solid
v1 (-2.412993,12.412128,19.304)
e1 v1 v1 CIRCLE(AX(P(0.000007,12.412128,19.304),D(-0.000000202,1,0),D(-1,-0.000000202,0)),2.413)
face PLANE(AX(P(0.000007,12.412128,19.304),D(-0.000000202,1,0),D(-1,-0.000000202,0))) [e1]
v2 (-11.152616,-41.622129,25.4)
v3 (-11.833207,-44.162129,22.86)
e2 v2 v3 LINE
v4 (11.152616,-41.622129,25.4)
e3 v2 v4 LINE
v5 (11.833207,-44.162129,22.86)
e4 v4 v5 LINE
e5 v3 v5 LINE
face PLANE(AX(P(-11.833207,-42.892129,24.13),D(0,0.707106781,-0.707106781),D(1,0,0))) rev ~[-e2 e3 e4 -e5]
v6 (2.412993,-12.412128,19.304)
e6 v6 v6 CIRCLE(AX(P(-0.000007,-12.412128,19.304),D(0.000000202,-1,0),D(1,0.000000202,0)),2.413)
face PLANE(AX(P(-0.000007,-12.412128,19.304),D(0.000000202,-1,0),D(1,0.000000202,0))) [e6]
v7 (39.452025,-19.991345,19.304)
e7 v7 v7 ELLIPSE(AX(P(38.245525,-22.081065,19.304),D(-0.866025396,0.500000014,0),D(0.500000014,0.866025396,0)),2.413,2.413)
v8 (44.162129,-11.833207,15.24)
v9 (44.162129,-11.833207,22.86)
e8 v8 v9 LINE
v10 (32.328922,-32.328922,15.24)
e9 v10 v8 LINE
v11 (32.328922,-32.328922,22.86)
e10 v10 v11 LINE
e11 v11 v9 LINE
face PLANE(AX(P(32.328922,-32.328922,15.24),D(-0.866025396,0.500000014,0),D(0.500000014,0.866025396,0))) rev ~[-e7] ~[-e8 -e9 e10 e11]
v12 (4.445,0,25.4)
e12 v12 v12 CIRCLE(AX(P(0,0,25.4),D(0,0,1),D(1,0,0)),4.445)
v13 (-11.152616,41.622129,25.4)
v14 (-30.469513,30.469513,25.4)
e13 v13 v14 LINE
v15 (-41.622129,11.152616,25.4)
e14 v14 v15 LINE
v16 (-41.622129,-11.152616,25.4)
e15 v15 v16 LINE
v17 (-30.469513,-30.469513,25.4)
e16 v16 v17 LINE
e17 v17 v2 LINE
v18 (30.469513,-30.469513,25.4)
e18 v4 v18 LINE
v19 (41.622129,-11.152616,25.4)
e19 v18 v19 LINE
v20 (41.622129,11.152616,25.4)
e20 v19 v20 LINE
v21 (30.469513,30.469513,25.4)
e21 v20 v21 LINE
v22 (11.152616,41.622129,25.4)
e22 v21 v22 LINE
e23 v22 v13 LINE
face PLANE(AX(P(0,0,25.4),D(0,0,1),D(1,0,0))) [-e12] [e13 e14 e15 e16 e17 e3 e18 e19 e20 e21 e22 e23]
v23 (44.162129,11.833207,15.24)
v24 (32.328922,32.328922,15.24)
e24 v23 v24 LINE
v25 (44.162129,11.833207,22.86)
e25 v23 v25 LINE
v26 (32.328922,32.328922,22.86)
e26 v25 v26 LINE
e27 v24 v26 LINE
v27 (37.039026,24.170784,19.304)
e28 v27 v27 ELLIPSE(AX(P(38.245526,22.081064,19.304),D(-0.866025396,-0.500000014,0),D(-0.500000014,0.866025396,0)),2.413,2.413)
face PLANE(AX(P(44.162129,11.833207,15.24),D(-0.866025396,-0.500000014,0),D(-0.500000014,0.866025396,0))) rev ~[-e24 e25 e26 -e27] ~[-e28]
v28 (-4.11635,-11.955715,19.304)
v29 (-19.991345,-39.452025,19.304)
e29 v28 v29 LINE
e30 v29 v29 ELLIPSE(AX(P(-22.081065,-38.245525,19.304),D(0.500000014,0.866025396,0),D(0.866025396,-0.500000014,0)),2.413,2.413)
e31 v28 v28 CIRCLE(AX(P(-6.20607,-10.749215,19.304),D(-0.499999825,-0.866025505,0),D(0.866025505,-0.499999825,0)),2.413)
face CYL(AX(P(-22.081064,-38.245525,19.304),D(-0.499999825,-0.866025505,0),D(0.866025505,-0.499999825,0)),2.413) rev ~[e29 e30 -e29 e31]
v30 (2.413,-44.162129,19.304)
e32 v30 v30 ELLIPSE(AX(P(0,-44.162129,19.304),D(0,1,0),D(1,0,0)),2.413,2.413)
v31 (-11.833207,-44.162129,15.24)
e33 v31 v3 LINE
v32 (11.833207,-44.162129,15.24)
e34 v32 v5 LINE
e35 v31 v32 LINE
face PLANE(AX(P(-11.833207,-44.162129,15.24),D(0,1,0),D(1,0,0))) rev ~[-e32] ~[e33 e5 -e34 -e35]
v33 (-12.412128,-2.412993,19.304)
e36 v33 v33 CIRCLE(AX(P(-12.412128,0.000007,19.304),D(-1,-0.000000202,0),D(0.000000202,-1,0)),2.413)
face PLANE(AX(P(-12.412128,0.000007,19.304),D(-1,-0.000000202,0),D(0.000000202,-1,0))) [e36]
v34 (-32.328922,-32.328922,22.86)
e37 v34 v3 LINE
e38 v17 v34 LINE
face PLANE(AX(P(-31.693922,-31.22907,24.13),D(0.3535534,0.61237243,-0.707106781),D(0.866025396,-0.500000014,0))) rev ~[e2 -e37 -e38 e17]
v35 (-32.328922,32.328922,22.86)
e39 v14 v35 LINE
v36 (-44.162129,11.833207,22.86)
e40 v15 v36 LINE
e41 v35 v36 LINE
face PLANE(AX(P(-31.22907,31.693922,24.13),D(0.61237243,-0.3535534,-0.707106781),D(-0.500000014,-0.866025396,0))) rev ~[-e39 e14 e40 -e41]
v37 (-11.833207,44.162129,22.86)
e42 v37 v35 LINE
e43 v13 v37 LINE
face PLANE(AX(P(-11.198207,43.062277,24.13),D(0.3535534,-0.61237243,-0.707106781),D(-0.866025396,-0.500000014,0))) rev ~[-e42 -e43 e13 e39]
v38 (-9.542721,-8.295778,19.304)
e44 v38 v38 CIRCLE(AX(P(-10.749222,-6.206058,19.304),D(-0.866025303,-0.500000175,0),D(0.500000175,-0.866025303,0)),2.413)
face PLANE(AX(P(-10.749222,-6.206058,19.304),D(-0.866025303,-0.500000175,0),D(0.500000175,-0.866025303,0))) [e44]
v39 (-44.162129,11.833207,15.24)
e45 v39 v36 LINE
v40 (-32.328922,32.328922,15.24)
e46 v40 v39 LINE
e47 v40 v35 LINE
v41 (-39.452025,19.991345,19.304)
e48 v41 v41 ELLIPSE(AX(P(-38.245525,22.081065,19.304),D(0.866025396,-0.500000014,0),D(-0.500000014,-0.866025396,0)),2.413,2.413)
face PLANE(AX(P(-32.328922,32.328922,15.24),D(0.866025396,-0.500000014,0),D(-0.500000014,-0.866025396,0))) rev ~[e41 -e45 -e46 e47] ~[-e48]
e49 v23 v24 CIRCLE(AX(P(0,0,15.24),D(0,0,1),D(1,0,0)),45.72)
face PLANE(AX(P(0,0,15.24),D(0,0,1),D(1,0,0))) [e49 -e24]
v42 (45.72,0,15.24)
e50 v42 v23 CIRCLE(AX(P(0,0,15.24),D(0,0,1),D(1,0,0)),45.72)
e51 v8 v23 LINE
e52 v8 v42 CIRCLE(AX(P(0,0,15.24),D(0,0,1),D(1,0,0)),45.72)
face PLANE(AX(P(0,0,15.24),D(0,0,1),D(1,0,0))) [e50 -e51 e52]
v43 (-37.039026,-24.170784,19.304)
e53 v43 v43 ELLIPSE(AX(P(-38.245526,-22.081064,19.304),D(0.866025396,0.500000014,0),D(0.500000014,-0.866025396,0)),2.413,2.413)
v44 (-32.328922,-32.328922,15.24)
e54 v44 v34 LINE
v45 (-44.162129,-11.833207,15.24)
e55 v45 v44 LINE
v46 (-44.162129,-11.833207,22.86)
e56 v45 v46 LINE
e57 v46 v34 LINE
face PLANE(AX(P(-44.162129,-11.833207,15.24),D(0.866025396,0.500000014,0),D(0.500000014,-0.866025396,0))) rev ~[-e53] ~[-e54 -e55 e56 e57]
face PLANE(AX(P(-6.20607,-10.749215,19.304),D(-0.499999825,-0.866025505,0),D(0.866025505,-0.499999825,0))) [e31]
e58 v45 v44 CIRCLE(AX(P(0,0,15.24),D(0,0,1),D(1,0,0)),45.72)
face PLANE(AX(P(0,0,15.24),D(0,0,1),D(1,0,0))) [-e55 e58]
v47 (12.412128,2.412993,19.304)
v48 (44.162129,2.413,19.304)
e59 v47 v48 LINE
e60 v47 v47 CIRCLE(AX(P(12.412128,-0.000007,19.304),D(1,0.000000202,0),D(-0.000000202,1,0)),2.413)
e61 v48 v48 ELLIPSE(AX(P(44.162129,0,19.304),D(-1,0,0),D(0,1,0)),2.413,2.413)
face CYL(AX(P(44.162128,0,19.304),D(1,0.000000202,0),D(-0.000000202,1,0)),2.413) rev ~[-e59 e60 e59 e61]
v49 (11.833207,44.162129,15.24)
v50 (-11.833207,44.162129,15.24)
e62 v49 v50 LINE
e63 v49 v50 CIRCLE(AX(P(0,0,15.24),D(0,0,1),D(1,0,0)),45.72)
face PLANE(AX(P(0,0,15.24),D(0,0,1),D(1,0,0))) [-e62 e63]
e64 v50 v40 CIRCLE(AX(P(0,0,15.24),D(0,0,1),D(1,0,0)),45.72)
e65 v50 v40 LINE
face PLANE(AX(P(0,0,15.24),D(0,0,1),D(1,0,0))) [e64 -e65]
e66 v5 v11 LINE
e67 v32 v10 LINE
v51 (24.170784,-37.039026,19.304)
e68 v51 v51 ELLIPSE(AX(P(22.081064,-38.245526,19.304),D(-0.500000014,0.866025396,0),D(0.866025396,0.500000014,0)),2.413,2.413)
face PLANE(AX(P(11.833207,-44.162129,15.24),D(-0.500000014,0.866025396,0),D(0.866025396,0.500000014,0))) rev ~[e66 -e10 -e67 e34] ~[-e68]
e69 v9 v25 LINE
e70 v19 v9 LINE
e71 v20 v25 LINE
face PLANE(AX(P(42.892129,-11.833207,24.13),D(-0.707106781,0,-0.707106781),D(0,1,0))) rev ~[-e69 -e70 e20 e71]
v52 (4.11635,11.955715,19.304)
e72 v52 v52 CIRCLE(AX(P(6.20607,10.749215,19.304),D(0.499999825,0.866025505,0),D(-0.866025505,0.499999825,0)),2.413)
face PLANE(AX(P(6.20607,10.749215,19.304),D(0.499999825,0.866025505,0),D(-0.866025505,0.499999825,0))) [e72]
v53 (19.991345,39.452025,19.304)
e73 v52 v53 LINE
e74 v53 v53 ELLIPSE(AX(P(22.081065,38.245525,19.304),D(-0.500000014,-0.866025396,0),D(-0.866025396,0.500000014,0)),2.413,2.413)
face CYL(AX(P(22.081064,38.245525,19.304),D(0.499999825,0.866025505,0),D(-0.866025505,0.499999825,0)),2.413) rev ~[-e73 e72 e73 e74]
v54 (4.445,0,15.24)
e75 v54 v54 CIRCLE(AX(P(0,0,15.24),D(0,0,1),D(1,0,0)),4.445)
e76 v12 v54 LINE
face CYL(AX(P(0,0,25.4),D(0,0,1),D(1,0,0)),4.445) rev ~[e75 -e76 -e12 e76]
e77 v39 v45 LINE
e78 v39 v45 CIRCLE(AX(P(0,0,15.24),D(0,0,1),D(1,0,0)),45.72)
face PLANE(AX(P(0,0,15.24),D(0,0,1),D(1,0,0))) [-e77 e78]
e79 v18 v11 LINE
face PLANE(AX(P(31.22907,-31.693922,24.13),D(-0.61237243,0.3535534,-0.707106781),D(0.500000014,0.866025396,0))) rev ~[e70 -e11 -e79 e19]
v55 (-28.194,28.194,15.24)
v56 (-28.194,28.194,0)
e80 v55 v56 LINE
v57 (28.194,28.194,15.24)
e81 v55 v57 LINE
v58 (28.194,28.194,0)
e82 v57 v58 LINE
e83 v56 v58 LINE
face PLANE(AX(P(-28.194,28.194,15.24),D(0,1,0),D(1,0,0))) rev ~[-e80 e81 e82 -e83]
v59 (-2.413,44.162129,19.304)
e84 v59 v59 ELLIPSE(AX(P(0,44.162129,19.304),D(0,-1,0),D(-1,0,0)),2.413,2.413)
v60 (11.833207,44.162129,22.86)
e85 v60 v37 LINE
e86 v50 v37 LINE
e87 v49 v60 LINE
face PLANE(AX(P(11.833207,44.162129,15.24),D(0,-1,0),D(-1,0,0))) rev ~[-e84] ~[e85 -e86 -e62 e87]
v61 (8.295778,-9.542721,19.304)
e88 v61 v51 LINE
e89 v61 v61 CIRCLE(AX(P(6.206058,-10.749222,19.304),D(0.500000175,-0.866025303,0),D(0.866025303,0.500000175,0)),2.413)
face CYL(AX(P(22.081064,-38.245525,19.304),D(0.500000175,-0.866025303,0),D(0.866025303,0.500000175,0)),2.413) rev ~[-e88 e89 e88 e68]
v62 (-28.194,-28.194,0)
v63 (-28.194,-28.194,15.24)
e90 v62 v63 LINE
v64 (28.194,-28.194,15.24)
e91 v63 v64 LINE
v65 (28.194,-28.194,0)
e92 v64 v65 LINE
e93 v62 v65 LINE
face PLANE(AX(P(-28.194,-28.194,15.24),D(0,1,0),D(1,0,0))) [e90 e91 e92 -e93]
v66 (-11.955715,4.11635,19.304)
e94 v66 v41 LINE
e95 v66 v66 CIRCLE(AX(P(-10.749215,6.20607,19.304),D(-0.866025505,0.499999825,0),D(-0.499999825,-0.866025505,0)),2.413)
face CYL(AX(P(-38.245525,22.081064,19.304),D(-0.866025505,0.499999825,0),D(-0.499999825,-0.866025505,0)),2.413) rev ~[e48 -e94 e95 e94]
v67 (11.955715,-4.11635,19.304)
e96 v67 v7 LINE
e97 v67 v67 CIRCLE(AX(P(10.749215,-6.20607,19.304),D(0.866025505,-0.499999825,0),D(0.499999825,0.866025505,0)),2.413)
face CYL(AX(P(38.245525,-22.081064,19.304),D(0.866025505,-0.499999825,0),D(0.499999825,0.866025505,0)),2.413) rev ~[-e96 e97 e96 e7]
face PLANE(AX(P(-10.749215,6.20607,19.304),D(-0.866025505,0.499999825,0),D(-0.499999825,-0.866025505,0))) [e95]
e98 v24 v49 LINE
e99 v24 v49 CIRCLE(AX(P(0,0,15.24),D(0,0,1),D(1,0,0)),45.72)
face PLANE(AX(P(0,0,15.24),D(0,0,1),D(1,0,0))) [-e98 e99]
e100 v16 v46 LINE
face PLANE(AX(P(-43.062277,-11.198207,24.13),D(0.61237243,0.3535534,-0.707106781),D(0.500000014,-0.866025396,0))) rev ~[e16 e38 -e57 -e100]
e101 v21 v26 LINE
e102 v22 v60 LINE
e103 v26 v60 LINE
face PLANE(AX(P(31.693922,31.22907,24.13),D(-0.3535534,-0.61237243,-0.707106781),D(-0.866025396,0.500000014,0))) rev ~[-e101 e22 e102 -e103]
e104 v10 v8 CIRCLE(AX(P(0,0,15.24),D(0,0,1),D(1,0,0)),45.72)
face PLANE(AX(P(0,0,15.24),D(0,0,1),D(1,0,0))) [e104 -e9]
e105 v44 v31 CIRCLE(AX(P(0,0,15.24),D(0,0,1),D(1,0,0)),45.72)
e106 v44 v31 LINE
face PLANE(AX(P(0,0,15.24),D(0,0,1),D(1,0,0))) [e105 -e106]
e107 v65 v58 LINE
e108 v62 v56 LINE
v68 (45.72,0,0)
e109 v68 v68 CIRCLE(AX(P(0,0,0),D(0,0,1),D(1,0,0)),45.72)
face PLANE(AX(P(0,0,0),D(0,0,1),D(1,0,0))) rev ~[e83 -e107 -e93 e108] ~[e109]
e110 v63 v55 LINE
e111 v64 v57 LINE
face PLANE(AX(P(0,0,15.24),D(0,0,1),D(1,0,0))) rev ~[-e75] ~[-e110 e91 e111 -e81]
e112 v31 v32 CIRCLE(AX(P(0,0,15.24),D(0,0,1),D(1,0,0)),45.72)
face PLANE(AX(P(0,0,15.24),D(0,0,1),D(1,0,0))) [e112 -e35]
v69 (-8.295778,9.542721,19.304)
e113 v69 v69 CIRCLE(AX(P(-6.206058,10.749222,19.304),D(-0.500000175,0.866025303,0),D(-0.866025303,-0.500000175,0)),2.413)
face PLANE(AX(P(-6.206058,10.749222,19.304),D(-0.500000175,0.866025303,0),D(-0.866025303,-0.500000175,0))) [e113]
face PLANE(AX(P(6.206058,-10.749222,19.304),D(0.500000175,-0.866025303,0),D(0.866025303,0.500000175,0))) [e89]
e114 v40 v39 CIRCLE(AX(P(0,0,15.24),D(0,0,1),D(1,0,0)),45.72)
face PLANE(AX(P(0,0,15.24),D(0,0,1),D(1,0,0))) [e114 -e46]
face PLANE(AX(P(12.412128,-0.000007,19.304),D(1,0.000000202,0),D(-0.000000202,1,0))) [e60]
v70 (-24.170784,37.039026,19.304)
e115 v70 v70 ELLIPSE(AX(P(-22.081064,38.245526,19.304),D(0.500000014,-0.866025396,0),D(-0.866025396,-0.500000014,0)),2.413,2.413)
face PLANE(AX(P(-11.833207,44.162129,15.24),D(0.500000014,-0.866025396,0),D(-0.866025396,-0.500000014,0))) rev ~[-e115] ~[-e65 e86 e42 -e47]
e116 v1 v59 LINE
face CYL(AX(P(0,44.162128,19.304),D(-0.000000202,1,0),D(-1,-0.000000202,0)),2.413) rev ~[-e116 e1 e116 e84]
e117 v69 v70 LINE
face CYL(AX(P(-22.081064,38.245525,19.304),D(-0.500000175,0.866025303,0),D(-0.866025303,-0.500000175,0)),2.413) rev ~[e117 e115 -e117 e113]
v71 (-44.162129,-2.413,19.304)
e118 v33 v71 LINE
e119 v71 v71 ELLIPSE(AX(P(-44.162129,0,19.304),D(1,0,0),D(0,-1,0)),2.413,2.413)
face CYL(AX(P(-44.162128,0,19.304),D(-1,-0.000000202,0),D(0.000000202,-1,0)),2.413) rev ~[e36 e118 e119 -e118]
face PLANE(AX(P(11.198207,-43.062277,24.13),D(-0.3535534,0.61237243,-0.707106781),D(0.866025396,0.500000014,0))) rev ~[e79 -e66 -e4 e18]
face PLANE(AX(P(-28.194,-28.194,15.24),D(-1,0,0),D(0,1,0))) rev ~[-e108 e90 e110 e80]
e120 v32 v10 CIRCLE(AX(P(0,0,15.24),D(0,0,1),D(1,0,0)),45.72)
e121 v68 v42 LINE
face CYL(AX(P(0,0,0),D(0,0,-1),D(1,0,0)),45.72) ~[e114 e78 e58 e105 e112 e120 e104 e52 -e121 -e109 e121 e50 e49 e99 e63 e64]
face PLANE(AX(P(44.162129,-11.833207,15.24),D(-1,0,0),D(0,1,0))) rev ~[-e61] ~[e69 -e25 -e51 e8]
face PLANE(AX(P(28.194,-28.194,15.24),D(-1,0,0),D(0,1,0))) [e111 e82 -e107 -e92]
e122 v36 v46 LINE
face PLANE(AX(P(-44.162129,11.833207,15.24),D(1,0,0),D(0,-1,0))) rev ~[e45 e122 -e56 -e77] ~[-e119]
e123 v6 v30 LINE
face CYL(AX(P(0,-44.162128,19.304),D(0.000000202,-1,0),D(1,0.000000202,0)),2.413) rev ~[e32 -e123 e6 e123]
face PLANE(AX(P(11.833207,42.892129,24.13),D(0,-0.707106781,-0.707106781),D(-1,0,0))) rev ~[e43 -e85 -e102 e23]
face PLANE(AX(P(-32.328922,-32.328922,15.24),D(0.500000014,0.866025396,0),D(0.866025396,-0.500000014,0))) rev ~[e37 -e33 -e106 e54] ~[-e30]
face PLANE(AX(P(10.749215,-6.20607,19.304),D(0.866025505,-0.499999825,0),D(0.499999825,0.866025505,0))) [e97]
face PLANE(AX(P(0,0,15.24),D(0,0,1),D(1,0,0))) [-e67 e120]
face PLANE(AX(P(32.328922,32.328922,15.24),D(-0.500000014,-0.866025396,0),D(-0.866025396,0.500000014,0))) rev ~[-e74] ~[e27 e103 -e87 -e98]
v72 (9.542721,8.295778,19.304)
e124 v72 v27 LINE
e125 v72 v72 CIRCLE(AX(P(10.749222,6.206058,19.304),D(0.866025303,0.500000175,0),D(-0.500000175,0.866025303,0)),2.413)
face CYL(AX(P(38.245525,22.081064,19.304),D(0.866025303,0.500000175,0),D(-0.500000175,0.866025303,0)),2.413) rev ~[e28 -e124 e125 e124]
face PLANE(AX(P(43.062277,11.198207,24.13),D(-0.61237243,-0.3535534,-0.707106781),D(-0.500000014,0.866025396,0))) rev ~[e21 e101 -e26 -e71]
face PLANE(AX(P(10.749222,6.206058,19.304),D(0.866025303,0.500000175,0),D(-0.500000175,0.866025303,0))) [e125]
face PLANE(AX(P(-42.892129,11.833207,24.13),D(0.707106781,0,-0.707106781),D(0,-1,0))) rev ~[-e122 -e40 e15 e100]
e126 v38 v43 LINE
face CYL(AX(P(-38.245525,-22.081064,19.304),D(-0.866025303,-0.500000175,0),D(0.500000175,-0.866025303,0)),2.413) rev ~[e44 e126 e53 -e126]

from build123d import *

# Parameters (mm, degrees)
F0_R     = 45.72
F0_W     = 56.388
F0_H     = 56.388
F1_DEPTH = 15.24
F2_W     = 56.388
F2_H     = 56.388
F3_DEPTH = 10.16
F4_W     = 56.388
F4_H     = 56.388
F4_R     = 4.445
F5_DEPTH = 10.16
F6_R     = 2.413
F7_DEPTH = 31.75
F8_COUNT = 12
F9_SIZE  = 2.54


with BuildPart() as f1:
    # F0 (on Top) → F1 (new body)
    with BuildSketch(Plane.XY):
        Circle(F0_R)
        Rectangle(F0_W, F0_H, mode=Mode.SUBTRACT)
    extrude(amount=F1_DEPTH)

    # F2 (on face) → F3 (join)
    with BuildSketch(Plane.XY.offset(15.24)):
        Polygon((11.833207, 44.162129), (-11.833207, 44.162129), (-32.328922, 32.328922), (-44.162129, 11.833207), (-44.162129, -11.833207), (-32.328922, -32.328922), (-11.833207, -44.162129), (11.833207, -44.162129), (32.328922, -32.328922), (44.162129, -11.833207), (44.162129, 11.833207), (32.328922, 32.328922), align=None)
        Rectangle(F2_W, F2_H, mode=Mode.SUBTRACT)
    extrude(amount=F3_DEPTH)

    # F4 (on face) → F5 (join)
    with BuildSketch(Plane.XY.offset(25.4)):
        Rectangle(F4_W, F4_H)
        Circle(F4_R, mode=Mode.SUBTRACT)
    extrude(amount=-F5_DEPTH)

    # F9
    f9_edges = [f1.edges().sort_by_distance(p)[0] for p in [
        (38.245525, 22.081064, 25.4),
        (22.081064, 38.245525, 25.4),
        (0, 44.162129, 25.4),
        (44.162129, 0, 25.4),
        (38.245525, -22.081064, 25.4),
        (22.081064, -38.245525, 25.4),
        (0, -44.162129, 25.4),
        (-22.081064, -38.245525, 25.4),
        (-38.245525, -22.081064, 25.4),
        (-44.162129, 0, 25.4),
        (-38.245525, 22.081064, 25.4),
        (-22.081064, 38.245525, 25.4),
    ]]
    chamfer(f9_edges, length=F9_SIZE)


with BuildPart() as f7:
    # F6 (on face) → F7 (new body, symmetric)
    with BuildSketch(Plane(origin=(-38.245525, -22.081064, 0), x_dir=(0.5, -0.866025, 0), z_dir=(-0.866025, -0.5, 0))):
        with Locations((0, 19.304)):
            Circle(F6_R)
    extrude(amount=F7_DEPTH, both=True)


with BuildPart() as f8_1:
    # F8: instance of F7
    add(f7.part.rotate(Axis((0, 0, 25.4), (0, 0, 1)), 1 * 360 / F8_COUNT))


with BuildPart() as f8_2:
    # F8: instance of F7
    add(f7.part.rotate(Axis((0, 0, 25.4), (0, 0, 1)), 2 * 360 / F8_COUNT))


with BuildPart() as f8_3:
    # F8: instance of F7
    add(f7.part.rotate(Axis((0, 0, 25.4), (0, 0, 1)), 3 * 360 / F8_COUNT))


with BuildPart() as f8_4:
    # F8: instance of F7
    add(f7.part.rotate(Axis((0, 0, 25.4), (0, 0, 1)), 4 * 360 / F8_COUNT))


with BuildPart() as f8_5:
    # F8: instance of F7
    add(f7.part.rotate(Axis((0, 0, 25.4), (0, 0, 1)), 5 * 360 / F8_COUNT))


with BuildPart() as f8_6:
    # F8: instance of F7
    add(f7.part.rotate(Axis((0, 0, 25.4), (0, 0, 1)), 6 * 360 / F8_COUNT))


with BuildPart() as f8_7:
    # F8: instance of F7
    add(f7.part.rotate(Axis((0, 0, 25.4), (0, 0, 1)), 7 * 360 / F8_COUNT))


with BuildPart() as f8_8:
    # F8: instance of F7
    add(f7.part.rotate(Axis((0, 0, 25.4), (0, 0, 1)), 8 * 360 / F8_COUNT))


with BuildPart() as f8_9:
    # F8: instance of F7
    add(f7.part.rotate(Axis((0, 0, 25.4), (0, 0, 1)), 9 * 360 / F8_COUNT))


with BuildPart() as f8_10:
    # F8: instance of F7
    add(f7.part.rotate(Axis((0, 0, 25.4), (0, 0, 1)), 10 * 360 / F8_COUNT))


with BuildPart() as f8_11:
    # F8: instance of F7
    add(f7.part.rotate(Axis((0, 0, 25.4), (0, 0, 1)), 11 * 360 / F8_COUNT))


with BuildPart() as f1_1:
    add(f1.part)

    # F10: cut F8_2, F8_1, F7, F8_11, F8_10, F8_9, F8_8, F8_7, F8_6, F8_5, F8_4, F8_3
    add(f8_2.part, mode=Mode.SUBTRACT)
    add(f8_1.part, mode=Mode.SUBTRACT)
    add(f7.part, mode=Mode.SUBTRACT)
    add(f8_11.part, mode=Mode.SUBTRACT)
    add(f8_10.part, mode=Mode.SUBTRACT)
    add(f8_9.part, mode=Mode.SUBTRACT)
    add(f8_8.part, mode=Mode.SUBTRACT)
    add(f8_7.part, mode=Mode.SUBTRACT)
    add(f8_6.part, mode=Mode.SUBTRACT)
    add(f8_5.part, mode=Mode.SUBTRACT)
    add(f8_4.part, mode=Mode.SUBTRACT)
    add(f8_3.part, mode=Mode.SUBTRACT)


solid = f1_1.part
